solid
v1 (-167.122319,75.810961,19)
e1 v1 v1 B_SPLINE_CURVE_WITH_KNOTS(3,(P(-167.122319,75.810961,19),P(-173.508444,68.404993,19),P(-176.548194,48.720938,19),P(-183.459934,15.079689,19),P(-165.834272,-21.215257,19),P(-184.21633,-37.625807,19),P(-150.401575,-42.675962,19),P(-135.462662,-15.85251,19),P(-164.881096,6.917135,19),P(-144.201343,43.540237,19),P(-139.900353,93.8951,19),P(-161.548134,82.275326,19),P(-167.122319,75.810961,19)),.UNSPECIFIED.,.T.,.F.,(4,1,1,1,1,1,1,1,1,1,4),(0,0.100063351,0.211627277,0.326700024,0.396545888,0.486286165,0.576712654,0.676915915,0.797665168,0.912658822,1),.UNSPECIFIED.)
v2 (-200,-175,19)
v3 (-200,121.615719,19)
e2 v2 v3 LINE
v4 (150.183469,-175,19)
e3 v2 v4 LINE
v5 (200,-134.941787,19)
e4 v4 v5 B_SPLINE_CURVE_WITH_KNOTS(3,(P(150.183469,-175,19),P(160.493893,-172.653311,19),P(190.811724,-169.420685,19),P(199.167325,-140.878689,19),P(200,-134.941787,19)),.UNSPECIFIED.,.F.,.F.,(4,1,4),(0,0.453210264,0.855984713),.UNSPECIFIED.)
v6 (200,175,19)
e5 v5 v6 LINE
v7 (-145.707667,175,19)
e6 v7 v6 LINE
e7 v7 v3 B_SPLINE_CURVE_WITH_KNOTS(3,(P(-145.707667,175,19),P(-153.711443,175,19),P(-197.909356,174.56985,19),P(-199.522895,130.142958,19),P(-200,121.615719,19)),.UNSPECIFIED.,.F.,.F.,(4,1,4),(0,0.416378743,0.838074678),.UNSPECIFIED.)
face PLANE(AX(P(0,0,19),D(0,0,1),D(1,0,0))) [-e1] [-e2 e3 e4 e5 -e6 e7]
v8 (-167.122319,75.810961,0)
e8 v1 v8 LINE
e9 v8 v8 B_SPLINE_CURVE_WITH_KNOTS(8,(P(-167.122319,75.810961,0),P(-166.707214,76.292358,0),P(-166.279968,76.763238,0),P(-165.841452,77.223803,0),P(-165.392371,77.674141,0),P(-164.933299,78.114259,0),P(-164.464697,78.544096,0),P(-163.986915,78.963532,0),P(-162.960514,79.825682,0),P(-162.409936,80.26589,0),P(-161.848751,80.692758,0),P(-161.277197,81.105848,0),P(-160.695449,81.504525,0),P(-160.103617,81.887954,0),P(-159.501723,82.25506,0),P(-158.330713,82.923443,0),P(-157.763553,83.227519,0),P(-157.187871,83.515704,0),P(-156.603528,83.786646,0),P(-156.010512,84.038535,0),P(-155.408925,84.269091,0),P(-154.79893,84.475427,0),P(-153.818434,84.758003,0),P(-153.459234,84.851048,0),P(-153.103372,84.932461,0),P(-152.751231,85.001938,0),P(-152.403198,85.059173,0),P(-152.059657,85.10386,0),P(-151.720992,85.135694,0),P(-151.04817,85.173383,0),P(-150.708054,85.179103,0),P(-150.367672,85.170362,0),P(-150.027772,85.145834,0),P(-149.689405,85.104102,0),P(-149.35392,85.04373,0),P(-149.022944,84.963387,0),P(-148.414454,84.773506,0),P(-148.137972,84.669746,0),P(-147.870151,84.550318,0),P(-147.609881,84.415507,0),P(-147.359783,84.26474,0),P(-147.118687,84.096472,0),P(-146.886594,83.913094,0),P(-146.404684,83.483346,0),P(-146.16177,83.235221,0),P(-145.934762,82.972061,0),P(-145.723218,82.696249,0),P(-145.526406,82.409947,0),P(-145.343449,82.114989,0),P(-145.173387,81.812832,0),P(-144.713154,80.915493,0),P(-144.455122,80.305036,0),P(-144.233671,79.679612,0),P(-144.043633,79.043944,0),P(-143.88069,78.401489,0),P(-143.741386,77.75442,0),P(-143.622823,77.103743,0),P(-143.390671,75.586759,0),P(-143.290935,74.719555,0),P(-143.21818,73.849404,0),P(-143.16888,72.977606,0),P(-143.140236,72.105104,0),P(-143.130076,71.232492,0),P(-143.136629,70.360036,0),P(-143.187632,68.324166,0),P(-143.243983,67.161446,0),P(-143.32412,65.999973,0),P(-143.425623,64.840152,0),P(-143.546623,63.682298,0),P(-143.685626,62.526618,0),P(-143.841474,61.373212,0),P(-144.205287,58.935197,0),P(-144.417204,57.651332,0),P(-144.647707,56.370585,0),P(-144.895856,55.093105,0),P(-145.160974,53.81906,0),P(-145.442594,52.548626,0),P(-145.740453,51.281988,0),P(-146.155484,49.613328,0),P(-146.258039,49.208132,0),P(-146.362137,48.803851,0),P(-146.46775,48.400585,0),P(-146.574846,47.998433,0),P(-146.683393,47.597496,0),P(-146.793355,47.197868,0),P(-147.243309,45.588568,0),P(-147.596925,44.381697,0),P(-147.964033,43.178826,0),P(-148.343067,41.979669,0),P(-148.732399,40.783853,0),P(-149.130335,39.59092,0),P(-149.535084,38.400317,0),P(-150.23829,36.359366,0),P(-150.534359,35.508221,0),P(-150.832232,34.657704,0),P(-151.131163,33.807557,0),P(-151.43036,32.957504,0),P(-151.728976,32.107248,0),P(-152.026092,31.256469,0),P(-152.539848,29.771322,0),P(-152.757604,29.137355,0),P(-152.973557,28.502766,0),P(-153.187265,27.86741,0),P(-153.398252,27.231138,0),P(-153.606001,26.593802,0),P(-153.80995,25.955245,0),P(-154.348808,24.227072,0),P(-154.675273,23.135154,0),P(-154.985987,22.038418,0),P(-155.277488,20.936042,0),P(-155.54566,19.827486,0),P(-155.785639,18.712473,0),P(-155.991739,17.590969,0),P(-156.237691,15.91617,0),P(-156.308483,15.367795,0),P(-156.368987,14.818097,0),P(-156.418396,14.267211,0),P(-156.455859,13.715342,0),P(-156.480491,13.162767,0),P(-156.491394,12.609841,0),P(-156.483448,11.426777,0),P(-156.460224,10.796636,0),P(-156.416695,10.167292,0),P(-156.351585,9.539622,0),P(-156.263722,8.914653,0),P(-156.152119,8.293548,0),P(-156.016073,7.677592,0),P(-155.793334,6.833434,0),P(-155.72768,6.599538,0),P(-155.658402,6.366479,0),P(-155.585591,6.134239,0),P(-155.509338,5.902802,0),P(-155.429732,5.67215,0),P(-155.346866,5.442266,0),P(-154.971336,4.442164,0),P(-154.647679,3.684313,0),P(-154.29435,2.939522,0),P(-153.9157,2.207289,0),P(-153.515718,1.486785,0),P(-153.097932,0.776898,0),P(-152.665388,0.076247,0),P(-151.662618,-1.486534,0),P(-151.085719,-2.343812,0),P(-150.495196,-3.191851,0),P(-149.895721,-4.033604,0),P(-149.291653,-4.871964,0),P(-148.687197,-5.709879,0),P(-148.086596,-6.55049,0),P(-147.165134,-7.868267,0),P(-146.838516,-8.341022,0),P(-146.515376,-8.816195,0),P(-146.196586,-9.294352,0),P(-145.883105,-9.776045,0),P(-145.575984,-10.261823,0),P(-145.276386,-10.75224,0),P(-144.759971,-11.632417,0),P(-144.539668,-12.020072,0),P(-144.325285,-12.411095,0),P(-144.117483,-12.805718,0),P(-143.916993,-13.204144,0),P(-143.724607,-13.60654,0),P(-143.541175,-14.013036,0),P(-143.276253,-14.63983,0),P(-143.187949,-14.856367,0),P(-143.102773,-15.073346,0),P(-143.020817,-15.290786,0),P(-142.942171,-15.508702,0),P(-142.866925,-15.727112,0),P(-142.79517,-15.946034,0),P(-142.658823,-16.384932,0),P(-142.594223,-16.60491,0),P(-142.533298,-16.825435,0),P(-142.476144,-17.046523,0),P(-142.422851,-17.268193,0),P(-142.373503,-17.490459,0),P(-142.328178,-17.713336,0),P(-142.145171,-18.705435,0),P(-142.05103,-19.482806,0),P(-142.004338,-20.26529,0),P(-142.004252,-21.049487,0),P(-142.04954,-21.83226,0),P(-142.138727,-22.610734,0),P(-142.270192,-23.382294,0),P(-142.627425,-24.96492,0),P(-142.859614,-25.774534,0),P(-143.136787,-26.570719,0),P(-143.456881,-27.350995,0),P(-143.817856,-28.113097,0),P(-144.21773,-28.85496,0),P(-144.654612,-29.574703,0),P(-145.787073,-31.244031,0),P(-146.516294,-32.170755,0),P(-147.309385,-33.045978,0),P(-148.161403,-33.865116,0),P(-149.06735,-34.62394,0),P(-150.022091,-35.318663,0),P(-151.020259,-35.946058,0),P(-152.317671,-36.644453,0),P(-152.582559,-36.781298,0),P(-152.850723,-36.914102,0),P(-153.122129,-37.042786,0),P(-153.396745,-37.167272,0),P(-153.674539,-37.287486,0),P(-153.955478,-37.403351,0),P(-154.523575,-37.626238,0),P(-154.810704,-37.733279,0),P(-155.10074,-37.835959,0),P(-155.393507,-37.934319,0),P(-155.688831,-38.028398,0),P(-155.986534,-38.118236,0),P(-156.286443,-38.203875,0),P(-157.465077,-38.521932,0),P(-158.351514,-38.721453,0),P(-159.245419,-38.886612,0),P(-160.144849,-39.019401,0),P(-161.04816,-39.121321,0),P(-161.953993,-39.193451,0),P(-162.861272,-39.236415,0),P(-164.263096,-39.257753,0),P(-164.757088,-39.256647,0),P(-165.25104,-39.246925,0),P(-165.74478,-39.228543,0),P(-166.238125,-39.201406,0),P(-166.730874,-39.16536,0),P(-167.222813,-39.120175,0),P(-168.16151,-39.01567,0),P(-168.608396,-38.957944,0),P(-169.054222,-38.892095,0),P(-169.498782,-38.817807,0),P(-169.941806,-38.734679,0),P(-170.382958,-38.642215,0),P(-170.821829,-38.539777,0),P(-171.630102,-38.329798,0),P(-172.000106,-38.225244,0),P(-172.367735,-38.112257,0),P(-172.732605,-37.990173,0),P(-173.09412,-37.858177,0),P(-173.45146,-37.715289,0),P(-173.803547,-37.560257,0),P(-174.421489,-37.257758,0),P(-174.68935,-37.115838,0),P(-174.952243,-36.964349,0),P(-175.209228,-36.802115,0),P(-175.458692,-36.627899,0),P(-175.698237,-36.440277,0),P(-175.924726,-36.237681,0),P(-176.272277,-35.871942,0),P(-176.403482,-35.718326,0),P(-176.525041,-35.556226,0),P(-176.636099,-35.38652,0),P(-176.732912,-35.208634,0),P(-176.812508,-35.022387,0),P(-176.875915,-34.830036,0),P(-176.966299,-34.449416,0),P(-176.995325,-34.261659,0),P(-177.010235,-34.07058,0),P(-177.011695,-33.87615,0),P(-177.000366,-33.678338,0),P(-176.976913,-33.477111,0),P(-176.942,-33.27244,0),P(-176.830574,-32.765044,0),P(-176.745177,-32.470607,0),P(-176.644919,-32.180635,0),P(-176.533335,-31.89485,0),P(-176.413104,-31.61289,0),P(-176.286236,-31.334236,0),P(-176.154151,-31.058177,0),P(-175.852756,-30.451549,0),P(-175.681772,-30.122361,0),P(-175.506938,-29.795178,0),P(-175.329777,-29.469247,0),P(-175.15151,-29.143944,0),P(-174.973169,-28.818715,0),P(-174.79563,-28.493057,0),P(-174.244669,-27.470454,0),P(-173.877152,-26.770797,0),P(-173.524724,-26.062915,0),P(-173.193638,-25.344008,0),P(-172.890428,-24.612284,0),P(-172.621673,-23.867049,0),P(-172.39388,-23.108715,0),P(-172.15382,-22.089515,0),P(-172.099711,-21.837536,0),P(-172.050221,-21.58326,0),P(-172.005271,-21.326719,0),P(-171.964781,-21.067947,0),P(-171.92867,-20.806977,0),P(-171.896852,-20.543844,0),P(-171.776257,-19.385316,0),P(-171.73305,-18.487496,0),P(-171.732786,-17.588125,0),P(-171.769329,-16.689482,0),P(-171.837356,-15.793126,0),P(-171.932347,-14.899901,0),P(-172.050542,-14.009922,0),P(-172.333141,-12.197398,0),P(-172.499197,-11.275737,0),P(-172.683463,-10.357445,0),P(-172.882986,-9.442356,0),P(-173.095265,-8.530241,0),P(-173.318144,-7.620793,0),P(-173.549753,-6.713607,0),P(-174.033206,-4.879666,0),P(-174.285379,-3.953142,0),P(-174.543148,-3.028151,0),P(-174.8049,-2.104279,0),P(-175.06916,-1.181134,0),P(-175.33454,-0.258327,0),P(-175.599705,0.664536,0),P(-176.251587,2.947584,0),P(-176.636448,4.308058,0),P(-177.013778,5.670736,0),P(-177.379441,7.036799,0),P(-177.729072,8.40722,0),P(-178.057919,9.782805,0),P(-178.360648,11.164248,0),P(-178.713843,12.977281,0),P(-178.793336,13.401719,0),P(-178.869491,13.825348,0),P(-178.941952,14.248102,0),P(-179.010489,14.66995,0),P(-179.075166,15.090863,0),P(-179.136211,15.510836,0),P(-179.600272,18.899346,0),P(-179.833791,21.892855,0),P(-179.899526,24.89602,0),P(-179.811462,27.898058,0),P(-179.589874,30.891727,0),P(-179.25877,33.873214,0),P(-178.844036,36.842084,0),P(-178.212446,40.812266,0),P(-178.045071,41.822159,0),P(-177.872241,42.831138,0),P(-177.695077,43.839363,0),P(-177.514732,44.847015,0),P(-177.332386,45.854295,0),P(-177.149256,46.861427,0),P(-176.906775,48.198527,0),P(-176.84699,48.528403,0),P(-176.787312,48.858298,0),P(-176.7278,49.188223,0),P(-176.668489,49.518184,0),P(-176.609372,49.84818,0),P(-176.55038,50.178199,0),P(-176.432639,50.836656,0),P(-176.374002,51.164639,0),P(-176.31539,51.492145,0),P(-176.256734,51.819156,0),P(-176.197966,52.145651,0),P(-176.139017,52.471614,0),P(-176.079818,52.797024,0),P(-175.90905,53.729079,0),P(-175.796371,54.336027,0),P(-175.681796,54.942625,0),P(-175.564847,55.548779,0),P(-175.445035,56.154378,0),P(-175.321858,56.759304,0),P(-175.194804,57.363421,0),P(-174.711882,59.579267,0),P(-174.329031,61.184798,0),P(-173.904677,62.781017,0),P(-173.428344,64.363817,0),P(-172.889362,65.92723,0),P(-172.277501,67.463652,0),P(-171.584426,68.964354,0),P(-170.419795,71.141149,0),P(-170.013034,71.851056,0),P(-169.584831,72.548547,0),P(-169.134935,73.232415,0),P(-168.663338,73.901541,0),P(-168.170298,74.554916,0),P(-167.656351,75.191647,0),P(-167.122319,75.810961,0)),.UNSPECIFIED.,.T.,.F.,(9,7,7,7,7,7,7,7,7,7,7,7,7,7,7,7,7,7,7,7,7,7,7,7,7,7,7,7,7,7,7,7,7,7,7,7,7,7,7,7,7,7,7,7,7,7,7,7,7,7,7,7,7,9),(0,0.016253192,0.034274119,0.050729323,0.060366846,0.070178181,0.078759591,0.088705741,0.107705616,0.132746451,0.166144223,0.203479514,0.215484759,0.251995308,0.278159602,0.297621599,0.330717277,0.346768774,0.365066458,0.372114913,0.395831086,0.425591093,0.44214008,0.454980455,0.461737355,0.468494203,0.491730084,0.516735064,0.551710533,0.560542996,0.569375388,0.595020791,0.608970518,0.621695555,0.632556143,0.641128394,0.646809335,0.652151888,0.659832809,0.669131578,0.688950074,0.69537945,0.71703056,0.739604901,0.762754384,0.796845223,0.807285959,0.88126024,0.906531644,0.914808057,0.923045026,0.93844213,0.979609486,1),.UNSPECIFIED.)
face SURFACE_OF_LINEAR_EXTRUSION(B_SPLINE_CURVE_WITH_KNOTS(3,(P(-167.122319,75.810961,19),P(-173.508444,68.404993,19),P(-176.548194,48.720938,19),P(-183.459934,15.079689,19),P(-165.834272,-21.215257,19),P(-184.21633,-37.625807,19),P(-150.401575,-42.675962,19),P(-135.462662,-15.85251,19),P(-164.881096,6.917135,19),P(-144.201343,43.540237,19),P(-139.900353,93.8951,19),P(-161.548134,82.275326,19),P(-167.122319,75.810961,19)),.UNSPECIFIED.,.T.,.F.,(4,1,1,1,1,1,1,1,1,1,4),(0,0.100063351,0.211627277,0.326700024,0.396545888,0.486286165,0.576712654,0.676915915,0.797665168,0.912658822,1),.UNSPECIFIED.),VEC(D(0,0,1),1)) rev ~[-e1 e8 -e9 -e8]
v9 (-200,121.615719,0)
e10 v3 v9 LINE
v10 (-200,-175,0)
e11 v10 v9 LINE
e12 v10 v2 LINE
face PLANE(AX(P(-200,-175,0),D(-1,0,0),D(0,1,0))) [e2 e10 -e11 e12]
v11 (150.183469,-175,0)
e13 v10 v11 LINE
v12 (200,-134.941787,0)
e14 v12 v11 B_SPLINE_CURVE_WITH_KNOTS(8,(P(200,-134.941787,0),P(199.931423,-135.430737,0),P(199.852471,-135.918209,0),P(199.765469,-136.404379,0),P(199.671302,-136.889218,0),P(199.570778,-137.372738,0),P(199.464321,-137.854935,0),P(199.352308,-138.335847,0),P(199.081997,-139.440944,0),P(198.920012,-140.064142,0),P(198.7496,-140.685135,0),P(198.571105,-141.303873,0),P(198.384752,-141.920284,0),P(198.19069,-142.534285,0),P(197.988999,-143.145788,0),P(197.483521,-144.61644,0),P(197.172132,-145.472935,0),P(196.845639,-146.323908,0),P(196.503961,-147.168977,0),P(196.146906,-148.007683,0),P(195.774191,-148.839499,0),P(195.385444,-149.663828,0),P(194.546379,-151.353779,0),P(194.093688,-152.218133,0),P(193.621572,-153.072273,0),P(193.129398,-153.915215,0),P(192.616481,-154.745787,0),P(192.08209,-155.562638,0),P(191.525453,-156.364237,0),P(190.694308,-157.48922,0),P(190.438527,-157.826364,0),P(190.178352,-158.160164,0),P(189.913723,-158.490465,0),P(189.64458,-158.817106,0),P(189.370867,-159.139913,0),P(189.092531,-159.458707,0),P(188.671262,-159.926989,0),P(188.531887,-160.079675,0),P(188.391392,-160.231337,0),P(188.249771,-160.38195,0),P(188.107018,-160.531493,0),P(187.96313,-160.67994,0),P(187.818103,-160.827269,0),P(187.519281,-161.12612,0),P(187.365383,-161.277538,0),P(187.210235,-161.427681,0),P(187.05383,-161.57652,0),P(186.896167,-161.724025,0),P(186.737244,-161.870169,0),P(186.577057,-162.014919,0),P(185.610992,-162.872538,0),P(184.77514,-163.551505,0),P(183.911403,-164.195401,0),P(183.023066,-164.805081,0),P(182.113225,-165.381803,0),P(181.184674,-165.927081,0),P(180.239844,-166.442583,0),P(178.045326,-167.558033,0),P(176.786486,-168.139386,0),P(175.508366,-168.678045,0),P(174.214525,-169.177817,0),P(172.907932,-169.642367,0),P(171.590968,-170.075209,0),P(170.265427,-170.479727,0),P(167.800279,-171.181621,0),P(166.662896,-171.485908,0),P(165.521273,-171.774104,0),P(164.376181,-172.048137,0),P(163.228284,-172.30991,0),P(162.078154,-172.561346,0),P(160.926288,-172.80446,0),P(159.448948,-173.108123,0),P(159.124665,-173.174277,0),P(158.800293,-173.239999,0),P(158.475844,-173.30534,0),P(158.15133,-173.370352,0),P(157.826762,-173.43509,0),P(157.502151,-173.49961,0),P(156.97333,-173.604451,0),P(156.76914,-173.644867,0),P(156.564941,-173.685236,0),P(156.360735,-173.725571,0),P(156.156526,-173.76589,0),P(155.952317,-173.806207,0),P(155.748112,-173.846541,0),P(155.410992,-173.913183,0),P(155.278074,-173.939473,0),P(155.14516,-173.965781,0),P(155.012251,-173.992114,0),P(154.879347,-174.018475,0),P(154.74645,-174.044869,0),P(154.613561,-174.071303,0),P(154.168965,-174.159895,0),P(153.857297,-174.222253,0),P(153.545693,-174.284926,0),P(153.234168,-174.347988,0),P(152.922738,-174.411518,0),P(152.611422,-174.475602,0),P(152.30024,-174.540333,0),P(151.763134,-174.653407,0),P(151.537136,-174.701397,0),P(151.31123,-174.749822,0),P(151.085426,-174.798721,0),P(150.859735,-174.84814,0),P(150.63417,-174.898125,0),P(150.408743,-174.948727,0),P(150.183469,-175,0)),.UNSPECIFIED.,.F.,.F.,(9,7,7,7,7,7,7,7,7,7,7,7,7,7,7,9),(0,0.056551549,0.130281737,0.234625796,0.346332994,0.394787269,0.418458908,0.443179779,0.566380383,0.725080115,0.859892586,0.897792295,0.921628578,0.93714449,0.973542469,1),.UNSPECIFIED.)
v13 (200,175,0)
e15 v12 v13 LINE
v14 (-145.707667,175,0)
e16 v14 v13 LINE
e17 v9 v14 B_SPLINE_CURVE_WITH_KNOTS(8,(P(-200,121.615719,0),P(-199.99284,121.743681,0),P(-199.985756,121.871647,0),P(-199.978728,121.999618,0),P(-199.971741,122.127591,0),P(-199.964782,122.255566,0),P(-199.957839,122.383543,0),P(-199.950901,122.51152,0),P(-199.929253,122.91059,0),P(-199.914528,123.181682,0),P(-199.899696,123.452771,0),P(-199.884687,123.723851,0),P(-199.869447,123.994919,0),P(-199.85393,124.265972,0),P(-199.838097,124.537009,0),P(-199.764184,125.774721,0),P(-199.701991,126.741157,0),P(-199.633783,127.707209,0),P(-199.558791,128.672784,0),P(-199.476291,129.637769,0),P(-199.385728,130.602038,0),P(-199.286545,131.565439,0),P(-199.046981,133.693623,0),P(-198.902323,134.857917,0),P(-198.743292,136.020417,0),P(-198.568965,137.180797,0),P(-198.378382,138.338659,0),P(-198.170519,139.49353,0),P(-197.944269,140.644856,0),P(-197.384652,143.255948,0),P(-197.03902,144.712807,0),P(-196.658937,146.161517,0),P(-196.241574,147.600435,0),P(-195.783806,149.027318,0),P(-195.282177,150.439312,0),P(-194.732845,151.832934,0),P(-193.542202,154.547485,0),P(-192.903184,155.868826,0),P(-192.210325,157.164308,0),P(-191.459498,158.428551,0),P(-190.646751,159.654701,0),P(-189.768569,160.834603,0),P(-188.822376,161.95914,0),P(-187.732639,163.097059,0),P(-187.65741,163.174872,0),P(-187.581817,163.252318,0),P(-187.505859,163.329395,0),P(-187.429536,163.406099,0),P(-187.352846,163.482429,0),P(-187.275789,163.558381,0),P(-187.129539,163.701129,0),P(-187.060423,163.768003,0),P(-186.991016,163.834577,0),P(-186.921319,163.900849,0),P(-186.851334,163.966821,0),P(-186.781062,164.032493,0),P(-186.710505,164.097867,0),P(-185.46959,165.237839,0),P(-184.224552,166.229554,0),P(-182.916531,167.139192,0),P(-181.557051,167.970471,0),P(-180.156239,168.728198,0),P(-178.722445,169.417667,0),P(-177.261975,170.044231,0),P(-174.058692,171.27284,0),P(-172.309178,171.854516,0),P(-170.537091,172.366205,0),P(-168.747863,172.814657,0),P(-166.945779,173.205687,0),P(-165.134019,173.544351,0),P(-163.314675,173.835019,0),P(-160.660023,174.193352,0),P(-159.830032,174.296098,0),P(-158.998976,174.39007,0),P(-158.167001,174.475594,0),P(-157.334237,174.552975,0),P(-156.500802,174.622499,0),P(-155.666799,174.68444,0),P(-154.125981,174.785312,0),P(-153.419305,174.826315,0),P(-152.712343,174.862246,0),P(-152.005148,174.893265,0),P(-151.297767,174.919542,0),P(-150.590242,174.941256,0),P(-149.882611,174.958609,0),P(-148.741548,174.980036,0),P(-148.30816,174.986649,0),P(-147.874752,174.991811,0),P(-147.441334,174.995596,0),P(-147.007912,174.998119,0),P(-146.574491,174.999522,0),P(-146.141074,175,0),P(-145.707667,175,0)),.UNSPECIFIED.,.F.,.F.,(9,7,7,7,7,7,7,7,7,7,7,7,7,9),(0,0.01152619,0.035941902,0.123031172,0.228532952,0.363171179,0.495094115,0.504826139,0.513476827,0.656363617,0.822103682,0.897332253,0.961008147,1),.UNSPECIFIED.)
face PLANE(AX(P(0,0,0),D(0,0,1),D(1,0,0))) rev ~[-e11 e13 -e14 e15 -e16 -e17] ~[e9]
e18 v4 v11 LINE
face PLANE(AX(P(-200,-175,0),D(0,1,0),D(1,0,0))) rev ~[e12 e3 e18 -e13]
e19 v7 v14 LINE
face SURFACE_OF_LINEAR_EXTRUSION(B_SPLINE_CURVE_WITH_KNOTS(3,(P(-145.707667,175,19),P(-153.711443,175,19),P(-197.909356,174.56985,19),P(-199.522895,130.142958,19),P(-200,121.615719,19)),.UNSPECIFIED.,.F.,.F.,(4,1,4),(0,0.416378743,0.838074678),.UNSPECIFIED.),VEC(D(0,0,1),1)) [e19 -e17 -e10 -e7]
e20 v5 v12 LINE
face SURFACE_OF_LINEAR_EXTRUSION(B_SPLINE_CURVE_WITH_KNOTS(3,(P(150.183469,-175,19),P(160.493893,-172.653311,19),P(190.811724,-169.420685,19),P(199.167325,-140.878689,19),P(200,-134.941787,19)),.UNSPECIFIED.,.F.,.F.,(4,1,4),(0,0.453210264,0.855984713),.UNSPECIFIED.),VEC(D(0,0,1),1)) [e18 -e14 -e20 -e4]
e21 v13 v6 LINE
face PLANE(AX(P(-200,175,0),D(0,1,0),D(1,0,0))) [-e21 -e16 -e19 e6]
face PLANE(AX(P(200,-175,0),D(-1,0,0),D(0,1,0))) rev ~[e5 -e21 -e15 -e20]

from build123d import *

# Parameters (mm, degrees)
F0_W     = 400
F0_H     = 350
F1_DEPTH = 19
F3_DEPTH = 19.001
F5_DEPTH = 19.0010001
F7_DEPTH = 19.0010001


with BuildPart() as f1:
    # F0 (on Top) → F1 (new body)
    with BuildSketch(Plane.XY):
        Rectangle(F0_W, F0_H)
    extrude(amount=F1_DEPTH)

    # F2 (on face) → F3 (cut, through all)
    with BuildSketch(Plane.XY.offset(19)):
        with BuildLine():
            add(Edge.make_bspline(
                [(-145.7076668739, 175), (-153.7114434414, 175), (-197.9093558229, 174.5698502037), (-199.5228952463, 130.1429581257), (-200, 121.6157187413)],
                knots=[0, 0, 0, 0, 0.4163787427, 0.838074678, 0.838074678, 0.838074678, 0.838074678], degree=3))
            Line((-145.7076668739, 175), (-200, 175))
            Line((-200, 175), (-200, 121.6157187413))
        make_face()
    extrude(amount=-F3_DEPTH, mode=Mode.SUBTRACT)

    # F4 (on face) → F5 (cut, through all)
    with BuildSketch(Plane.XY.offset(19)):
        with BuildLine():
            add(Edge.make_bspline(
                [(150.1834690571, -175), (160.493893298, -172.6533106613), (190.8117241774, -169.4206851853), (199.1673253263, -140.8786892729), (200, -134.9417865276)],
                knots=[0, 0, 0, 0, 0.4532102639, 0.8559847133, 0.8559847133, 0.8559847133, 0.8559847133], degree=3))
            Line((150.1834690571, -175), (200, -175))
            Line((200, -175), (200, -134.9417865276))
        make_face()
    extrude(amount=-F5_DEPTH, mode=Mode.SUBTRACT)

    # F6 (on face) → F7 (cut, through all)
    with BuildSketch(Plane.XY.offset(19)):
        with BuildLine():
            add(Edge.make_bspline(
                [(-167.1223193407, 75.8109614253), (-173.5084438064, 68.4049928594), (-176.548194404, 48.7209384478), (-183.4599341076, 15.0796886804), (-165.8342717612, -21.2152566444), (-184.2163299723, -37.6258072073), (-150.4015747749, -42.6759621033), (-135.4626623404, -15.85250952), (-164.8810957194, 6.9171346651), (-144.2013429008, 43.5402370236), (-139.9003526499, 93.8951004415), (-161.5481343057, 82.2753263734), (-167.1223193407, 75.8109614253)],
                knots=[0, 0, 0, 0, 0.1000633515, 0.2116272772, 0.3267000241, 0.3965458879, 0.4862861647, 0.5767126543, 0.6769159149, 0.7976651677, 0.9126588216, 1, 1, 1, 1], degree=3))
        make_face()
    extrude(amount=-F7_DEPTH, mode=Mode.SUBTRACT)


solid = f1.part
